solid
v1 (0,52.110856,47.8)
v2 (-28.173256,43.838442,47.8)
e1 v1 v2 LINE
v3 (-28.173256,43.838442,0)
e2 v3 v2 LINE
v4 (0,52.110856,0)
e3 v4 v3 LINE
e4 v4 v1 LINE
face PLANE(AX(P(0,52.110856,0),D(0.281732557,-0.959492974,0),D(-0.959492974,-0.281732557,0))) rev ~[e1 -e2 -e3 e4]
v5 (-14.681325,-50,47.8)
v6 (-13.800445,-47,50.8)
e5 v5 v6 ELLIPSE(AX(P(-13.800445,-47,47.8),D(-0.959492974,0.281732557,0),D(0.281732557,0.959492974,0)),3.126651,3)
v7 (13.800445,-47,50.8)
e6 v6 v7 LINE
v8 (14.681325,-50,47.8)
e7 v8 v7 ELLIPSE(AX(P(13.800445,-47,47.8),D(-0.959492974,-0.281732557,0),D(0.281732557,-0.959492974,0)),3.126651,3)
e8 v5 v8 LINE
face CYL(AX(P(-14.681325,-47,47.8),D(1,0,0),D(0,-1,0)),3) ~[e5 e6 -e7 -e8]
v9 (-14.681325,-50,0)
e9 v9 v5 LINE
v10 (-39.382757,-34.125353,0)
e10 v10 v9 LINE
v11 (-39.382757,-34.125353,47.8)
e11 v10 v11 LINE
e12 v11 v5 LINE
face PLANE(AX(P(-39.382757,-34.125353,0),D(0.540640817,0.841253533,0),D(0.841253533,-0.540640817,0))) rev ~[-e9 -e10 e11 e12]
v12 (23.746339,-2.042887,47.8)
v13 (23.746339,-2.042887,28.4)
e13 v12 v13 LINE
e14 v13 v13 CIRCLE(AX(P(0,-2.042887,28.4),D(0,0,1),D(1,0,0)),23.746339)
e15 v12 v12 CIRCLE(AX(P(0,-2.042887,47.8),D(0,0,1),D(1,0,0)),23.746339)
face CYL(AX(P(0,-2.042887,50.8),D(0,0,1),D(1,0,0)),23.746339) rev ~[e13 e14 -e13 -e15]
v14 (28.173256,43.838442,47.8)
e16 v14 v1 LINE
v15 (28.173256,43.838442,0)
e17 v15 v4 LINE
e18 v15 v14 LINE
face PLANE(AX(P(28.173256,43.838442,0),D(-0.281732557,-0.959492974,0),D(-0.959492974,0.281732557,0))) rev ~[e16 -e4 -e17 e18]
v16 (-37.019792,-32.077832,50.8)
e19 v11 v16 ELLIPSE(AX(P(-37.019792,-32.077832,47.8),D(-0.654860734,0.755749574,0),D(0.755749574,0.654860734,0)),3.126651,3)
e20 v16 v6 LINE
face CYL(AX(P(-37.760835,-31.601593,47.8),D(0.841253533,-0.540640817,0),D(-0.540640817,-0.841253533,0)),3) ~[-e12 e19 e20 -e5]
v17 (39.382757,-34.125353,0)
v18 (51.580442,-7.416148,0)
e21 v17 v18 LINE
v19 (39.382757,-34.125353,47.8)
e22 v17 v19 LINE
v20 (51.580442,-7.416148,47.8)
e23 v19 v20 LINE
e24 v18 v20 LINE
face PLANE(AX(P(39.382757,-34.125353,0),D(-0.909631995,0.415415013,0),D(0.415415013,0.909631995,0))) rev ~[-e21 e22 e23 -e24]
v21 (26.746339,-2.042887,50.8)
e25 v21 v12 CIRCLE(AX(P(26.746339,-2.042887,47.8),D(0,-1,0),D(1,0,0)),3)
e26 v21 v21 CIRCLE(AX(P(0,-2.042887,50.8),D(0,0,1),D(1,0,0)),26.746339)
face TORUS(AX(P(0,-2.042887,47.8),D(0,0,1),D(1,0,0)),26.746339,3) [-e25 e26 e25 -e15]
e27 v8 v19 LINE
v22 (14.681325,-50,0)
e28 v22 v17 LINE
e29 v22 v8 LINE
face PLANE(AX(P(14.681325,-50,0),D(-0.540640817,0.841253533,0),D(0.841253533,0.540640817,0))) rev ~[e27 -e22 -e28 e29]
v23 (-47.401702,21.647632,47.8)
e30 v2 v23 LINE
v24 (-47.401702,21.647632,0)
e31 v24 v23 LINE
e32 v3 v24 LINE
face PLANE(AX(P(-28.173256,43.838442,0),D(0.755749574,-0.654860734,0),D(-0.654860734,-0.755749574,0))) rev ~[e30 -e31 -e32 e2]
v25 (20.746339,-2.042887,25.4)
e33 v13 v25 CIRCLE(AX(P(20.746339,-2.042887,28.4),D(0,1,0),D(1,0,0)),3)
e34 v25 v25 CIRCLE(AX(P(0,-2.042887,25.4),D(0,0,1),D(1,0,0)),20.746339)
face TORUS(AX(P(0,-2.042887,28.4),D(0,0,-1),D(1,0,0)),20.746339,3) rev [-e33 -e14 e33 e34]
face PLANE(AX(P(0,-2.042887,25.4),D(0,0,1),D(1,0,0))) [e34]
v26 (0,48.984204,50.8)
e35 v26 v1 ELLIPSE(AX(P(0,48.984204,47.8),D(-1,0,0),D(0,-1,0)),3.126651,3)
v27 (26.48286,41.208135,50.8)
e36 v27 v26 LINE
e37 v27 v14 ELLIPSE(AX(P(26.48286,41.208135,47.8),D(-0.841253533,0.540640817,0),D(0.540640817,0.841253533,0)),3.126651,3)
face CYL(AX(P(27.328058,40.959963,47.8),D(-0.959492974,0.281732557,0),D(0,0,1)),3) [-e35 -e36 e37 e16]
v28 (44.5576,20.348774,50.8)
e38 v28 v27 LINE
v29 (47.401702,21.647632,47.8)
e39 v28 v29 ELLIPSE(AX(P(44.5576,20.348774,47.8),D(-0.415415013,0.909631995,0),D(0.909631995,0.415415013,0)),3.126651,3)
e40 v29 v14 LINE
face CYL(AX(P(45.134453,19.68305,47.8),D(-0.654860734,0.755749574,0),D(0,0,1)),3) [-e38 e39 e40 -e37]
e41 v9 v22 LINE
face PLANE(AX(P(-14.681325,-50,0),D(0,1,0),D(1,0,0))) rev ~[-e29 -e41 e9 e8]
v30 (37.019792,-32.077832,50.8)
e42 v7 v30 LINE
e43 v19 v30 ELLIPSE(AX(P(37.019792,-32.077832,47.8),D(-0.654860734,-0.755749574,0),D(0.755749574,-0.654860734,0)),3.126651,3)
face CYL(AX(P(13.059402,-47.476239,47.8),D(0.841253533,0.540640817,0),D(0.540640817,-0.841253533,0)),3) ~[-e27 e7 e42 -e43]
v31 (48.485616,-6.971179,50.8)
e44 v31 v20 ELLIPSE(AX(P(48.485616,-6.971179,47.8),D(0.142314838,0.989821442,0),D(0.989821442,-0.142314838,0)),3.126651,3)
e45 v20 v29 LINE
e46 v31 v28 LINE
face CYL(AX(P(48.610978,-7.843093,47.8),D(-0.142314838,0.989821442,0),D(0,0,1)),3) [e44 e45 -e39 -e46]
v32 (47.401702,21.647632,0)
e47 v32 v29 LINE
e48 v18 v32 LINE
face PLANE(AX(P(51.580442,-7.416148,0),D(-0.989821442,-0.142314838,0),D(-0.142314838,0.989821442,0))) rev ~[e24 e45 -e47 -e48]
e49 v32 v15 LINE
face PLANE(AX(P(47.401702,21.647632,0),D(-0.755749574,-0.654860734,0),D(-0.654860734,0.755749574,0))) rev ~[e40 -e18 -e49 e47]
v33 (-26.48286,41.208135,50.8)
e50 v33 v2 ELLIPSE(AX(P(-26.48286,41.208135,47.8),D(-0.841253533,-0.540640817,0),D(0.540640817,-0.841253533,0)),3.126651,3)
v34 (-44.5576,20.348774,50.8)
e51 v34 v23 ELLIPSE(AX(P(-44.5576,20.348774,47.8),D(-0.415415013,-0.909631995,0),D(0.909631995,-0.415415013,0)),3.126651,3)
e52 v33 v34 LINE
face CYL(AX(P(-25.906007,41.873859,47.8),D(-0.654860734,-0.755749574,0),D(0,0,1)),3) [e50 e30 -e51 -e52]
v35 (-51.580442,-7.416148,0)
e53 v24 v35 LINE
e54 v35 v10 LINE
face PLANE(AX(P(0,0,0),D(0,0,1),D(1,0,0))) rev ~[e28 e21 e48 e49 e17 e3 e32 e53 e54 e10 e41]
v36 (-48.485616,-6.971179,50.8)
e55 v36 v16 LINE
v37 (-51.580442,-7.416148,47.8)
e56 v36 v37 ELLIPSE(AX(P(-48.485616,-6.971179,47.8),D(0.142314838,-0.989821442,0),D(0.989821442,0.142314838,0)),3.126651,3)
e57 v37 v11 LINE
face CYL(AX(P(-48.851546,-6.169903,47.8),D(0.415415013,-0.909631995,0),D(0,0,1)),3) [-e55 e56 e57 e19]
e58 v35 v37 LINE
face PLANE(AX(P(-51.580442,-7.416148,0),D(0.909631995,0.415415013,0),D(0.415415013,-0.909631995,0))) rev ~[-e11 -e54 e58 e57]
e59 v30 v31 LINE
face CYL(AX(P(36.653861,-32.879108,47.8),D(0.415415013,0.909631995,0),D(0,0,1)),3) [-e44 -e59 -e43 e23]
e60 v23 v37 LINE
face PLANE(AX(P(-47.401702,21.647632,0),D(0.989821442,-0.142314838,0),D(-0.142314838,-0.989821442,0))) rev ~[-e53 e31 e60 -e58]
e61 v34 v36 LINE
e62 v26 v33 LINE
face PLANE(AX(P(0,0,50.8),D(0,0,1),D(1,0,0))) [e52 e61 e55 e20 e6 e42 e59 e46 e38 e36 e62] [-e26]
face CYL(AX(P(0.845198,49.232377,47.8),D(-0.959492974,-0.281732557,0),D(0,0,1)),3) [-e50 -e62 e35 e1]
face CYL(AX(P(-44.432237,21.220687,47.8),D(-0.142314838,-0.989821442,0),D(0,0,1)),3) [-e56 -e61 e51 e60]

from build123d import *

# Parameters (mm, degrees)
F1_DEPTH = 50.8
F2_R     = 23.7463385983
F3_DEPTH = 25.4
F4_R     = 3


with BuildPart() as f1:
    # F0 (on Top) → F1 (new body)
    with BuildSketch(Plane.XY):
        Polygon((-14.6813246469, -50), (14.6813246469, -50), (39.3827570986, -34.1253532831), (51.5804424368, -7.4161480171), (47.4017017513, 21.6476318444), (28.1732556841, 43.8384415501), (0, 52.1108558113), (-28.1732556841, 43.8384415501), (-47.4017017513, 21.6476318444), (-51.5804424368, -7.4161480171), (-39.3827570986, -34.1253532831), align=None)
    extrude(amount=F1_DEPTH)

    # F2 (on face) → F3 (cut)
    with BuildSketch(Plane.XY.offset(50.8)):
        with Locations((0, -2.0428874996)):
            Circle(F2_R)
    extrude(amount=-F3_DEPTH, mode=Mode.SUBTRACT)

    # F4
    f4_edges = [f1.edges().sort_by_distance(p)[0] for p in [
        (-23.746339, -2.042887, 25.4),
        (-23.746339, -2.042887, 50.8),
        (0, -50, 50.8),
        (-27.032041, -42.062677, 50.8),
        (27.032041, -42.062677, 50.8),
        (-45.4816, -20.770751, 50.8),
        (45.4816, -20.770751, 50.8),
        (-49.491072, 7.115742, 50.8),
        (49.491072, 7.115742, 50.8),
        (-37.787479, 32.743037, 50.8),
        (37.787479, 32.743037, 50.8),
        (-14.086628, 47.974649, 50.8),
        (14.086628, 47.974649, 50.8),
    ]]
    fillet(f4_edges, radius=F4_R)


solid = f1.part
